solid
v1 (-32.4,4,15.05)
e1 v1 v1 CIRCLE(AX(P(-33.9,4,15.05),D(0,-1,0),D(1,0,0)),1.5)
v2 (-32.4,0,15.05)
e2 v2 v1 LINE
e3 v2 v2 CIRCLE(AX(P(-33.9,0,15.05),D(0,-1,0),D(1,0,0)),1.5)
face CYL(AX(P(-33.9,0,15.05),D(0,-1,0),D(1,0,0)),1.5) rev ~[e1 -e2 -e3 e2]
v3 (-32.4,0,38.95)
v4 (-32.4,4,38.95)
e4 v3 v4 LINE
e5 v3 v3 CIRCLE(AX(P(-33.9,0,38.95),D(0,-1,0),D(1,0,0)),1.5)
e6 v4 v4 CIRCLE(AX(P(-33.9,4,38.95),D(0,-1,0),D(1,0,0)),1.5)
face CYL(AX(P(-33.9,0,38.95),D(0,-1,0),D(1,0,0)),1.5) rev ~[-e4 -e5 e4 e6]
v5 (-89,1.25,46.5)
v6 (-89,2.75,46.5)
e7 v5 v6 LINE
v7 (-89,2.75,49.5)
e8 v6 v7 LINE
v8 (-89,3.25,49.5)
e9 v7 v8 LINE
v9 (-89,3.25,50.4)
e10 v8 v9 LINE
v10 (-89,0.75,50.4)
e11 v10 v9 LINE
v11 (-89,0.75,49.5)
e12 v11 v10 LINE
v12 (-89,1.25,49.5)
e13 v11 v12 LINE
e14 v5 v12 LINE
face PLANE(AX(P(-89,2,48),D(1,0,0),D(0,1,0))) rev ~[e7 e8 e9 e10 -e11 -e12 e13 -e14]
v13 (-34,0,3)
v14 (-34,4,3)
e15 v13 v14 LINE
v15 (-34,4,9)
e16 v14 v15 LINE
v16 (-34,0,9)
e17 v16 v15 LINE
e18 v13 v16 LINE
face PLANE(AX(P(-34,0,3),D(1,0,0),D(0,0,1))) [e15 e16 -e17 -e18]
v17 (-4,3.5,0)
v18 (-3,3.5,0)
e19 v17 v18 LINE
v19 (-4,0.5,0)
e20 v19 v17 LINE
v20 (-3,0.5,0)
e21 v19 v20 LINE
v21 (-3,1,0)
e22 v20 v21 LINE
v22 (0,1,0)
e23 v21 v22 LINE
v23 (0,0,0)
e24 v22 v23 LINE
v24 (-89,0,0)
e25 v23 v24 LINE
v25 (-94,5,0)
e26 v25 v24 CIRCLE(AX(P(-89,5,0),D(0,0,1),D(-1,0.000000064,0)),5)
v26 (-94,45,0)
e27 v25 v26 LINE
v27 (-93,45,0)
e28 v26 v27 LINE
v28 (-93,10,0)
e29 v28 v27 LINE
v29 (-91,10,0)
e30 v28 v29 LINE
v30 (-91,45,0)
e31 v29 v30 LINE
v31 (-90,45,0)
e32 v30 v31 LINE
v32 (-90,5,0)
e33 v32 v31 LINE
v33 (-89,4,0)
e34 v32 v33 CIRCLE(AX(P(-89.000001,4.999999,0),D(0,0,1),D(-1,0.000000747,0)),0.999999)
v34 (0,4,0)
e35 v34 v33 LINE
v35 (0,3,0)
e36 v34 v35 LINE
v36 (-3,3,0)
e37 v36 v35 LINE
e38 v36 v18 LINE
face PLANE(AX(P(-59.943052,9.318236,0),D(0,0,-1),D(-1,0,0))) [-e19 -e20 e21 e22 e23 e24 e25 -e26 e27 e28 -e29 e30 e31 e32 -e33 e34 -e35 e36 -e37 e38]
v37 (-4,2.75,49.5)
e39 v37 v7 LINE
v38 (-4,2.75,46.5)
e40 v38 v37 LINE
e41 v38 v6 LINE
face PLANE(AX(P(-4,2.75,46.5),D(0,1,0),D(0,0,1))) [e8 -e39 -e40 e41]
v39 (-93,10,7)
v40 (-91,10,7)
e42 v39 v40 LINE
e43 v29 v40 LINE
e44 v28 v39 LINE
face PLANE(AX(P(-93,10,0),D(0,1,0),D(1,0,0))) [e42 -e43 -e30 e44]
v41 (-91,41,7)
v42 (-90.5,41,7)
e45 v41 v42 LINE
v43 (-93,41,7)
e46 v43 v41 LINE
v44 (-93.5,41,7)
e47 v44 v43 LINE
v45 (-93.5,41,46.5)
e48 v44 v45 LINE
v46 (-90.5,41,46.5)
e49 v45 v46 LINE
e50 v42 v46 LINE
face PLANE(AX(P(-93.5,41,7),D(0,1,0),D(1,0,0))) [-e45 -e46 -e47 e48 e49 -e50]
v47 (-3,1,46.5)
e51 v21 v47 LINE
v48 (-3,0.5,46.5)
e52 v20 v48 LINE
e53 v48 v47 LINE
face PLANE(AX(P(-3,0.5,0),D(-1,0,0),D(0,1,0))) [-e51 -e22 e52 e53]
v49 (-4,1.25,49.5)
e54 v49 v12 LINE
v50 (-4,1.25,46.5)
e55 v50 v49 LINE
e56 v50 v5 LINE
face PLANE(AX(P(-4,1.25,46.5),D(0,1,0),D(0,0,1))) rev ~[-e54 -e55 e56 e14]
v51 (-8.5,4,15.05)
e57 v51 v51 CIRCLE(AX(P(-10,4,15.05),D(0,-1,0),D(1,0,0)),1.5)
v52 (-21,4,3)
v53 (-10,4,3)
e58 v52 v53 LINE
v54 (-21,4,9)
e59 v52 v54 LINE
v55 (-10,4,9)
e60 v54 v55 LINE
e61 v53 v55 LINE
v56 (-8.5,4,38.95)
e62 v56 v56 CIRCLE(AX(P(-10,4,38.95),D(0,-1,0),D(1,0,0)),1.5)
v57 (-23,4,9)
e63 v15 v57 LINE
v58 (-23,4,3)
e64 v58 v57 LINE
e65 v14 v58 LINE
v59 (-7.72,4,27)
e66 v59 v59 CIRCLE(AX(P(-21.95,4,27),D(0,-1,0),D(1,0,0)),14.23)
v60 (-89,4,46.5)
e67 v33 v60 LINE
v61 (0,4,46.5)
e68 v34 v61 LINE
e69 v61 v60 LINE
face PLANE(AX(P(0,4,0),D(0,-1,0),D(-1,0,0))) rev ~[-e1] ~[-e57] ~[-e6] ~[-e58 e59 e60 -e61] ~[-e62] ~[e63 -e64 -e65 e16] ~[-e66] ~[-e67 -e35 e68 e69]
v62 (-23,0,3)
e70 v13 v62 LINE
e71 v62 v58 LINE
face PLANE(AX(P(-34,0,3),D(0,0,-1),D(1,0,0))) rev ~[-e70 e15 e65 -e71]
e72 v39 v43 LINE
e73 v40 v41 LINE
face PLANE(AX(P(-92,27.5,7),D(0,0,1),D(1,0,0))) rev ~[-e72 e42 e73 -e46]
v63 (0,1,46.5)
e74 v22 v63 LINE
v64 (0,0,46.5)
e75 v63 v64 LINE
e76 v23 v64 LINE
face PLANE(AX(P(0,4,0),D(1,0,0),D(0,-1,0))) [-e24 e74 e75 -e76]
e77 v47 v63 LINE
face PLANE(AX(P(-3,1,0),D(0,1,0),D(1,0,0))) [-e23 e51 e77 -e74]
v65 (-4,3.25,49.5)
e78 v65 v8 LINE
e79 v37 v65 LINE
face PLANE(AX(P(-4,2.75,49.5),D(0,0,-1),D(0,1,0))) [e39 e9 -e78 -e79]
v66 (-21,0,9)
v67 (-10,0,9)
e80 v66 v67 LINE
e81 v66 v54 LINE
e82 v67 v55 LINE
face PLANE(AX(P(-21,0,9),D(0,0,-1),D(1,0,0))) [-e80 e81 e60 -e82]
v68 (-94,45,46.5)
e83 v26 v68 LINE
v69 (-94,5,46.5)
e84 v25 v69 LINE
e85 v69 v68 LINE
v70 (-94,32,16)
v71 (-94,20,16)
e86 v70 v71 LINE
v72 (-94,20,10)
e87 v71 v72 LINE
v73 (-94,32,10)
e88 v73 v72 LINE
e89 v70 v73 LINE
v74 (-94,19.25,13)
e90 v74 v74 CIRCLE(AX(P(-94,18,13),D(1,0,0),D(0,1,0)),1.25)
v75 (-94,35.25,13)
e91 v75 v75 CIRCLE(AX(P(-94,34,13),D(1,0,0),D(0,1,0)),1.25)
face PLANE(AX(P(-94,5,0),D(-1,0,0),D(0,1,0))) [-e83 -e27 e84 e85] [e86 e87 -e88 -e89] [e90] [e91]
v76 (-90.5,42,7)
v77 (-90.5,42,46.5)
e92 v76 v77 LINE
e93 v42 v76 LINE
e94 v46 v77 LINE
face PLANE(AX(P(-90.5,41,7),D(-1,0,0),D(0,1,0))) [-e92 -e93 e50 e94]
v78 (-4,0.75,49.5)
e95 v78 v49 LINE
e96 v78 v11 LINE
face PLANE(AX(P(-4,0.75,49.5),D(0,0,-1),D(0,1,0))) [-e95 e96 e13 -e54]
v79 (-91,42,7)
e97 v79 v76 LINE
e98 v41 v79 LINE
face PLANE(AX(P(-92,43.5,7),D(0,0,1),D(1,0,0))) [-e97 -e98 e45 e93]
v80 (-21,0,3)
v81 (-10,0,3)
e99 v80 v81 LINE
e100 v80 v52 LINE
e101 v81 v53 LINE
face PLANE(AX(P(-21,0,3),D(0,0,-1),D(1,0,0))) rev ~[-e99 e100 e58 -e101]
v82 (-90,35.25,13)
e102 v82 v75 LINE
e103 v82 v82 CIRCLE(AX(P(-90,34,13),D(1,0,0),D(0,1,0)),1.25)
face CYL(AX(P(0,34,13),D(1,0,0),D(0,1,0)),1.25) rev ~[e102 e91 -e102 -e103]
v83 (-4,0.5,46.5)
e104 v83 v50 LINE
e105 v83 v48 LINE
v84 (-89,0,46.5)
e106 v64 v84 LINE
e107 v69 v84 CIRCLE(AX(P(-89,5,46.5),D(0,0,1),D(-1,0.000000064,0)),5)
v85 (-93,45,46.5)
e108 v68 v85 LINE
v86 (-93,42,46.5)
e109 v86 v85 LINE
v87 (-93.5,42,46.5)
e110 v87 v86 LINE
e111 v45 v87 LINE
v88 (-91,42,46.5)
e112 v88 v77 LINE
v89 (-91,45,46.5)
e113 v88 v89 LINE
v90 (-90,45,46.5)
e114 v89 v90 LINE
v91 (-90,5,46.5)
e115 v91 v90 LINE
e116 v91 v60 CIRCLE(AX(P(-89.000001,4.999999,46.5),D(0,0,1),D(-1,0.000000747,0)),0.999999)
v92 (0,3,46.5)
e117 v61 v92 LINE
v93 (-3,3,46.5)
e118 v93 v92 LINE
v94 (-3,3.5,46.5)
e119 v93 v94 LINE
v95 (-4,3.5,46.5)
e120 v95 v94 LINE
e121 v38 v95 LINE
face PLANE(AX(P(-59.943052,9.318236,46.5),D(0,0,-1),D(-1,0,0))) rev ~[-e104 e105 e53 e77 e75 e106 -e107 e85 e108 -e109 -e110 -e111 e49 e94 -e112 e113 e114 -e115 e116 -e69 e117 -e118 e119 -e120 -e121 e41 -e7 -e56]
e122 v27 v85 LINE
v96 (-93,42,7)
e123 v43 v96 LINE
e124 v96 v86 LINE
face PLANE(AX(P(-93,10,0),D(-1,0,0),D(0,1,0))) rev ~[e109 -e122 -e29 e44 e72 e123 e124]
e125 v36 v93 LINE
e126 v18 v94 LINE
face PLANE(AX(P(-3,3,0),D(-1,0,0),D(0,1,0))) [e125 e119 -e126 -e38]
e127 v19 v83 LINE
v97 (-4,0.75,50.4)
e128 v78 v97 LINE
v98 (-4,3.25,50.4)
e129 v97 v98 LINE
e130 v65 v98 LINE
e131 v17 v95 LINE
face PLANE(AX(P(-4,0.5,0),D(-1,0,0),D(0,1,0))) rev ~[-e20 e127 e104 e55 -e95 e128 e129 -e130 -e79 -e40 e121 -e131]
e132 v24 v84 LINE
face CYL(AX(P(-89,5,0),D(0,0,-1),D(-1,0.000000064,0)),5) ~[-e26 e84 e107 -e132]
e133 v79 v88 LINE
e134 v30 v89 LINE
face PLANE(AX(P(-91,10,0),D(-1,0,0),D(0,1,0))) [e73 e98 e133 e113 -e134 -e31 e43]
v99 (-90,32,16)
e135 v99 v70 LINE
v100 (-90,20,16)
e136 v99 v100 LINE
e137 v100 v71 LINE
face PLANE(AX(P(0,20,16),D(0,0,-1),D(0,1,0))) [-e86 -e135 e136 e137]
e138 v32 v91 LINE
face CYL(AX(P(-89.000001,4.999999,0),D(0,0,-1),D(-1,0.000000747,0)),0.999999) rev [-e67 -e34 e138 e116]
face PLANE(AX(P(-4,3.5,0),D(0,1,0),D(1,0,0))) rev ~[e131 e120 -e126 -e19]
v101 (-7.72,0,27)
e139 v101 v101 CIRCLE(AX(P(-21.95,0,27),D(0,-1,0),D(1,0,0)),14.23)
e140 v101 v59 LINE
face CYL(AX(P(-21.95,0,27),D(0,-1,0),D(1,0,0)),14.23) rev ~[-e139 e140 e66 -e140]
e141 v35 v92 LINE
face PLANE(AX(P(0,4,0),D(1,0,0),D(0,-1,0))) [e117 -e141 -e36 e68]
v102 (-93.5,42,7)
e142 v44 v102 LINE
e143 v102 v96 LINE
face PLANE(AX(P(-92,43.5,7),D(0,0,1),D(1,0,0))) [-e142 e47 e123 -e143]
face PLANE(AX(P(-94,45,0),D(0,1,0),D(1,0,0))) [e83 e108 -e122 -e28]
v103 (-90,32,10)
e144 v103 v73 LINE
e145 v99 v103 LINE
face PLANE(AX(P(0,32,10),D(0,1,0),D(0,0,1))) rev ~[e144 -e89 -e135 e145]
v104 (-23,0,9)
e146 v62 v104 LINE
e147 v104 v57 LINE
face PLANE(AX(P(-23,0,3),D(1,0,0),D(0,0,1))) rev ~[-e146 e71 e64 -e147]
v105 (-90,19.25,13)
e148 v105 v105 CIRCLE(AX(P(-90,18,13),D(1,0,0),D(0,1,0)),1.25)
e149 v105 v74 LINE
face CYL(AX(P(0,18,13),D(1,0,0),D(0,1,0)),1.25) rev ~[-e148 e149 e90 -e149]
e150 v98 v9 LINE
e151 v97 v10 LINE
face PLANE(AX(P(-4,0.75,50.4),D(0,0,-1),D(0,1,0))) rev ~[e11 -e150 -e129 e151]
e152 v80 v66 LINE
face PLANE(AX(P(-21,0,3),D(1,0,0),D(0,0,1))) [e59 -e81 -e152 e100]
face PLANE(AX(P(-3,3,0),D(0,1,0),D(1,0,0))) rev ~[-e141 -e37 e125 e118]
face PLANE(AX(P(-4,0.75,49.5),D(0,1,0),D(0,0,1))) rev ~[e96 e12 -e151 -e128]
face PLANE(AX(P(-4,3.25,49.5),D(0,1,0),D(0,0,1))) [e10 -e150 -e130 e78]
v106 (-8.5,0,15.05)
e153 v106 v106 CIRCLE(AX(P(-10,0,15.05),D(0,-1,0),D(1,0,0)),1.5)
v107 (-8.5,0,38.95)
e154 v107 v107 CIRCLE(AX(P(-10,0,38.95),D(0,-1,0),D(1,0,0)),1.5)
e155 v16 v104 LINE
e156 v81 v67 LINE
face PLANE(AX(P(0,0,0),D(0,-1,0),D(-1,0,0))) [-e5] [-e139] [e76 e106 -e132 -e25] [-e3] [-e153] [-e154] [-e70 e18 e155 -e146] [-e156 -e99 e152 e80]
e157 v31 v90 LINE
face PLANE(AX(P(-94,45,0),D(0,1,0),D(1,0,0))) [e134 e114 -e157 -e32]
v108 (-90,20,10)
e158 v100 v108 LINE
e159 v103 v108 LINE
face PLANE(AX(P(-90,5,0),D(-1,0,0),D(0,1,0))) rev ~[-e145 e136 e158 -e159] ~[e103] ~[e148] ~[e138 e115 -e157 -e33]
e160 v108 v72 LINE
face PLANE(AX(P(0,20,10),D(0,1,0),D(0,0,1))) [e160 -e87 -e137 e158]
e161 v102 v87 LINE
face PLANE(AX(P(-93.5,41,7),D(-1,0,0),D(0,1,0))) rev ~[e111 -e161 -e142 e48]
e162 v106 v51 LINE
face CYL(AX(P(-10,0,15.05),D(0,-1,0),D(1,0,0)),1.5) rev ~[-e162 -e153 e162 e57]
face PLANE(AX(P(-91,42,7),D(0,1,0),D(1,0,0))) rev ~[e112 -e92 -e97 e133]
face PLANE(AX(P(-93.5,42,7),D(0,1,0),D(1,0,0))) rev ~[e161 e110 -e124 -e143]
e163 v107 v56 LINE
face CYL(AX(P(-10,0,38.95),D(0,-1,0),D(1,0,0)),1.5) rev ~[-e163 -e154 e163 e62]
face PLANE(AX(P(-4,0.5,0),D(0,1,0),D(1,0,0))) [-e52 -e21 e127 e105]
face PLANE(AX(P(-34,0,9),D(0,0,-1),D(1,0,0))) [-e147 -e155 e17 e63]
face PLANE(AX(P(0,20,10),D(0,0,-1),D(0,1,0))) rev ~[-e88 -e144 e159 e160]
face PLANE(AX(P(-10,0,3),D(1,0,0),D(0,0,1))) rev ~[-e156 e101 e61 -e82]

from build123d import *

# Parameters (mm, degrees)
PAD_DEPTH       = 46.5
SKETCH114_W     = 3
SKETCH114_H     = 2
SKETCH114_W_2   = 1
SKETCH114_H_2   = 3
POCKET_DEPTH    = 46.501
SKETCH116_R     = 14.23
SKETCH116_R_2   = 1.5
POCKET001_DEPTH = 5
SKETCH_W        = 2
SKETCH_H        = 35
POCKET002_DEPTH = 7
POCKET003_START = 7
SKETCH117_W     = 2
SKETCH117_H     = 3
SKETCH117_W_2   = 3
SKETCH117_H_2   = 1
POCKET003_DEPTH = 40
PAD001_START    = -4
SKETCH119_W     = 1.5
SKETCH119_H     = 3
SKETCH119_W_2   = 2.5
SKETCH119_H_2   = 0.9
PAD001_DEPTH    = 85
SKETCH118_R     = 1.25
SKETCH118_W     = 12
SKETCH118_H     = 6
POCKET004_DEPTH = 94.001
SKETCH120_W     = 11
SKETCH120_H     = 6
POCKET005_DEPTH = 5


with BuildPart() as part:
    # Sketch112 → Pad (new body)
    with BuildSketch(Plane.XY):
        with BuildLine():
            Line((0, 0), (-89, 0))
            ThreePointArc((-94, 5), (-92.535534, 1.464466), (-89, 0))
            Line((-94, 5), (-94, 45))
            Line((-94, 45), (-90, 45))
            Line((-90, 5), (-90, 45))
            ThreePointArc((-90, 5), (-89.707107, 4.292893), (-89, 4))
            Line((0, 4), (-89, 4))
            Line((0, 4), (0, 0))
        make_face()
    extrude(amount=PAD_DEPTH)

    # Sketch114 → Pocket (cut, through all)
    with BuildSketch(Plane.XY):
        with Locations((-1.5, 2)):
            Rectangle(SKETCH114_W, SKETCH114_H)
        with Locations((-3.5, 2)):
            Rectangle(SKETCH114_W_2, SKETCH114_H_2)
    extrude(amount=POCKET_DEPTH, mode=Mode.SUBTRACT)

    # Sketch116 → Pocket001 (cut)
    with BuildSketch(Plane.XZ):
        with Locations((-21.95, 27)):
            Circle(SKETCH116_R)
        with Locations((-10, 38.95)):
            Circle(SKETCH116_R_2)
        with Locations((-33.9, 38.95)):
            Circle(SKETCH116_R_2)
        with Locations((-33.9, 15.05)):
            Circle(SKETCH116_R_2)
        with Locations((-10, 15.05)):
            Circle(SKETCH116_R_2)
    extrude(amount=-POCKET001_DEPTH, mode=Mode.SUBTRACT)

    # Sketch → Pocket002 (cut)
    with BuildSketch(Plane.XY):
        with Locations((-92, 27.5)):
            Rectangle(SKETCH_W, SKETCH_H)
    extrude(amount=POCKET002_DEPTH, mode=Mode.SUBTRACT)

    # Sketch117 → Pocket003 (cut)
    with BuildSketch(Plane.XY.offset(POCKET003_START)):
        with Locations((-92, 43.5)):
            Rectangle(SKETCH117_W, SKETCH117_H)
        with Locations((-92, 41.5)):
            Rectangle(SKETCH117_W_2, SKETCH117_H_2)
    extrude(amount=POCKET003_DEPTH, mode=Mode.SUBTRACT)

    # Sketch119 → Pad001 (join)
    with BuildSketch(Plane.YZ.offset(PAD001_START)):
        with Locations((2, 48)):
            Rectangle(SKETCH119_W, SKETCH119_H)
        with Locations((2, 49.95)):
            Rectangle(SKETCH119_W_2, SKETCH119_H_2)
    extrude(amount=-PAD001_DEPTH)

    # Sketch118 → Pocket004 (cut, through all)
    with BuildSketch(Plane.YZ):
        with Locations((34, 13)):
            Circle(SKETCH118_R)
        with Locations((18, 13)):
            Circle(SKETCH118_R)
        with Locations((26, 13)):
            Rectangle(SKETCH118_W, SKETCH118_H)
    extrude(amount=-POCKET004_DEPTH, mode=Mode.SUBTRACT)

    # Sketch120 → Pocket005 (cut)
    with BuildSketch(Plane.XZ):
        with Locations((-15.5, 6)):
            Rectangle(SKETCH120_W, SKETCH120_H)
        with Locations((-28.5, 6)):
            Rectangle(SKETCH120_W, SKETCH120_H)
    extrude(amount=-POCKET005_DEPTH, mode=Mode.SUBTRACT)


solid = part.part
